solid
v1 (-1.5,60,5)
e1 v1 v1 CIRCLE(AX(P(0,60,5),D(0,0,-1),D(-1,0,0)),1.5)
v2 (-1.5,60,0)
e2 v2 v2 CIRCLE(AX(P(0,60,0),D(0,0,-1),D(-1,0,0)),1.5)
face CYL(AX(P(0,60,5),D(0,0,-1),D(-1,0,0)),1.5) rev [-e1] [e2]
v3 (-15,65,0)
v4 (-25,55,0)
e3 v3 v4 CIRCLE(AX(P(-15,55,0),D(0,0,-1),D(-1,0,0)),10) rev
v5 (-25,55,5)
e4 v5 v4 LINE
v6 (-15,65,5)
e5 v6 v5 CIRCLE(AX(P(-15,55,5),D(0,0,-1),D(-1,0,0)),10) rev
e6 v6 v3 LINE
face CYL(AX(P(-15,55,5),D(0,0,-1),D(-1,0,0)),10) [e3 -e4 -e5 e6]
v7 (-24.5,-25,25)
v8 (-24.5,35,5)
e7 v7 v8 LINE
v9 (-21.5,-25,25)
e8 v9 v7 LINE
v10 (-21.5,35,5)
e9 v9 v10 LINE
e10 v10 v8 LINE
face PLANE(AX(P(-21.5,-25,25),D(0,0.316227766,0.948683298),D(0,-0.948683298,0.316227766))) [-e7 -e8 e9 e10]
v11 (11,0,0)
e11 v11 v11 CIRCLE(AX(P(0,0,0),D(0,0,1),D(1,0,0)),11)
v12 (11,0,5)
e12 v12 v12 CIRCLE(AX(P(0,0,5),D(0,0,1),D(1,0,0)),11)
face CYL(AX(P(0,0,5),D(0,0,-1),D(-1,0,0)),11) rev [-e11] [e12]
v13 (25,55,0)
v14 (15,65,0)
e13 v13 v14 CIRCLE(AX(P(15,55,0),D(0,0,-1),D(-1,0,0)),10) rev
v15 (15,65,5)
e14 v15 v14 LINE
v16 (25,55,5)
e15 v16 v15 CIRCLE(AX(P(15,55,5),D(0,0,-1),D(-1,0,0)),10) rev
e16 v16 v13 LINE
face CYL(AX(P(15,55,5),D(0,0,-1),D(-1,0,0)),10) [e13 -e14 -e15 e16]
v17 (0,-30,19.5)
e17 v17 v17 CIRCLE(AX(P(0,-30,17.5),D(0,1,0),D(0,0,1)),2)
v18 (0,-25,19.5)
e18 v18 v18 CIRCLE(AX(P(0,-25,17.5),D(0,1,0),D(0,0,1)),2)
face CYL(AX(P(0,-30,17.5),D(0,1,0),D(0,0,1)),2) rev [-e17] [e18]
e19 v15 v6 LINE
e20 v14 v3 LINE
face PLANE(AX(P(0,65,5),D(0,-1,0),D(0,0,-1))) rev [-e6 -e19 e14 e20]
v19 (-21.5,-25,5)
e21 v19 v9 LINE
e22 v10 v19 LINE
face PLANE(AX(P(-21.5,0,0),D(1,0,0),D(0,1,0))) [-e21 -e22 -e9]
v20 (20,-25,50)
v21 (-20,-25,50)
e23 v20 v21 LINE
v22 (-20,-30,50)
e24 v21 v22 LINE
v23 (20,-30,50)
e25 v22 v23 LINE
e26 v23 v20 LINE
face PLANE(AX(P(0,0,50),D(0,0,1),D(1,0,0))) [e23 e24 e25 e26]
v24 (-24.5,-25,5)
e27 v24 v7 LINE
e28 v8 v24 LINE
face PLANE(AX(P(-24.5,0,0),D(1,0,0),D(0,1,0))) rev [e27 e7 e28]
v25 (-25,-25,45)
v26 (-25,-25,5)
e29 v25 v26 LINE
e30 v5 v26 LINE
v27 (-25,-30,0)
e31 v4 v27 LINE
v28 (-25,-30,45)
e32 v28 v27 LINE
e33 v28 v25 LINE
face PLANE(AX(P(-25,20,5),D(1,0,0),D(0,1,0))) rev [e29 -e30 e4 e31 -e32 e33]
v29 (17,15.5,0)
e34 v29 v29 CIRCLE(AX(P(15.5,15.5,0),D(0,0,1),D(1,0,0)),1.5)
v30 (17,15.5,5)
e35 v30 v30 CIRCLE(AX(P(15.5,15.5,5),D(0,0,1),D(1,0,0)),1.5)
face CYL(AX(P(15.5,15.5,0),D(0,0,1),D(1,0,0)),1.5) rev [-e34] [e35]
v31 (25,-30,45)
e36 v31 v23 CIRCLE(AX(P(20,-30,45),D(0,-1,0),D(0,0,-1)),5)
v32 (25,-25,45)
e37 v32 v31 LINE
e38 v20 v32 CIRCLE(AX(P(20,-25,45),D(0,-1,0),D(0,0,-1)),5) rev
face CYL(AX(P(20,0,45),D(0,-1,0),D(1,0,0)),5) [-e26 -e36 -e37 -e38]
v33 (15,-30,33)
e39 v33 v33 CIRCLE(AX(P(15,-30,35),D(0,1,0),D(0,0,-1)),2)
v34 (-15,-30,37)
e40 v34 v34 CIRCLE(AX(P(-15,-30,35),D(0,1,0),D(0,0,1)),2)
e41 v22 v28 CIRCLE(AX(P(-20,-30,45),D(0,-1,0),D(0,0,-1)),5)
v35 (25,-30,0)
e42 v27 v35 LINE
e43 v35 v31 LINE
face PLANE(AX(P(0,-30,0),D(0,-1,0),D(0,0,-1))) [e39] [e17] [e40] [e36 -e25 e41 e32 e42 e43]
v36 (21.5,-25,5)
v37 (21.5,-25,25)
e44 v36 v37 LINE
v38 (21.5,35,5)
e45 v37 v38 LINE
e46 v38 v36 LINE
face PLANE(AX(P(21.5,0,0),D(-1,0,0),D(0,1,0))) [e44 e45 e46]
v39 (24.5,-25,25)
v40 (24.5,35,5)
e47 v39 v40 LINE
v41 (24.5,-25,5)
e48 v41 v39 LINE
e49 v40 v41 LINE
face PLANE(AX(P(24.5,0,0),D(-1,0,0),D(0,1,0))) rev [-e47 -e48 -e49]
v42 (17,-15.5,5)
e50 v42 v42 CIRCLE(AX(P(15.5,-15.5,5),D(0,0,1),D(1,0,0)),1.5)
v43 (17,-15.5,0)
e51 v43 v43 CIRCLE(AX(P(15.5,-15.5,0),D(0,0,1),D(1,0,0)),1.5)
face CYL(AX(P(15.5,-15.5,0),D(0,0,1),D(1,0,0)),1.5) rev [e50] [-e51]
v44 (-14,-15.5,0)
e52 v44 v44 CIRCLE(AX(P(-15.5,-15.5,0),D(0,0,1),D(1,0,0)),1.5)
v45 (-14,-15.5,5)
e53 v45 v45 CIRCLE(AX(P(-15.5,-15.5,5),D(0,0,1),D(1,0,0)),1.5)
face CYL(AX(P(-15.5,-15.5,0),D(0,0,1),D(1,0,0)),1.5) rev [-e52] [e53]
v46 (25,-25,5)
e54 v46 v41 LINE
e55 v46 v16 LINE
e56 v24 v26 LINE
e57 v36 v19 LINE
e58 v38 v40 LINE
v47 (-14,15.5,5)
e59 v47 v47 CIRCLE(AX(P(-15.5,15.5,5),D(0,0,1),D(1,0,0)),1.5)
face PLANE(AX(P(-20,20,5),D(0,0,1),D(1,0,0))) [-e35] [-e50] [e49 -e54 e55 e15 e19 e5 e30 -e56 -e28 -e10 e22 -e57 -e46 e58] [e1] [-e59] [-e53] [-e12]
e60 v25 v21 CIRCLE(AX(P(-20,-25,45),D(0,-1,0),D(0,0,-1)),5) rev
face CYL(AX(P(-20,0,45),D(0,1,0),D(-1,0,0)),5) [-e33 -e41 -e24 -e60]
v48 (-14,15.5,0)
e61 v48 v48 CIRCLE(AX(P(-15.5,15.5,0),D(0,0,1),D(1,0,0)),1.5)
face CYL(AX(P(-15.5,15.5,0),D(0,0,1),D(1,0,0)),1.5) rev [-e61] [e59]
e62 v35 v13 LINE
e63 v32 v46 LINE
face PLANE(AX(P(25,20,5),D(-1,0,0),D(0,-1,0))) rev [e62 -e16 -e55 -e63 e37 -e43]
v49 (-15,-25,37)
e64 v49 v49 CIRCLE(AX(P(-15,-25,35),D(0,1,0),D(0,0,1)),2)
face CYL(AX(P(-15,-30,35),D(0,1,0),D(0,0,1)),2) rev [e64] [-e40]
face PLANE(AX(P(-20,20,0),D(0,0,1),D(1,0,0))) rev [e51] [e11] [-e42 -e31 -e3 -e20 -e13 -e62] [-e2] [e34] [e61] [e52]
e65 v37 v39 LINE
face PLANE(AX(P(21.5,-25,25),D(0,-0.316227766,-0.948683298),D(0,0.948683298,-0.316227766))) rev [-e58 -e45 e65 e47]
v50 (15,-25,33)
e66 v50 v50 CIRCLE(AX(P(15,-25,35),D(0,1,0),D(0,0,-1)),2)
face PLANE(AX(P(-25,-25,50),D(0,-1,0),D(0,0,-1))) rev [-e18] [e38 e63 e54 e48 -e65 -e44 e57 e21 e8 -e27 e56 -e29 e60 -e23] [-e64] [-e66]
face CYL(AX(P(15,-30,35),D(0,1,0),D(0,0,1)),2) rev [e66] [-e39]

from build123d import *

# Parameters (mm, degrees)
ESQUISSE1_R             = 11
BOSS_EXTRU_2_DEPTH      = 5
ESQUISSE3_W             = 50
ESQUISSE3_H             = 5
BOSS_EXTRU_4_DEPTH      = 5
ESQUISSE2_W             = 50
ESQUISSE2_H             = 5
BOSS_EXTRU_3_DEPTH      = 45
ESQUISSE4_R             = 1.5
ENL_V_MAT_EXTRU_1_DEPTH = 60.581876439
CONG_1_R                = 5
ESQUISSE5_R             = 1.5
ESQUISSE5_R_2           = 11
BOSS_EXTRU_5_DEPTH      = 5
BOSS_EXTRU_6_START      = -0.5
BOSS_EXTRU_6_DEPTH      = 3
ESQUISSE9_R             = 2
ENL_V_MAT_EXTRU_3_DEPTH = 106.948100502


with BuildPart() as part:
    # Esquisse1 → Boss.-Extru.2 (new body)
    with BuildSketch(Plane.XY):
        with BuildLine():
            Line((-20, 25), (20, 25))
            ThreePointArc((20, 25), (23.535533906, 23.535533906), (25, 20))
            Line((25, 20), (25, -25))
            Line((25, -25), (-25, -25))
            Line((-25, -25), (-25, 20))
            ThreePointArc((-25, 20), (-23.535533906, 23.535533906), (-20, 25))
        make_face()
        Circle(ESQUISSE1_R, mode=Mode.SUBTRACT)
    extrude(amount=BOSS_EXTRU_2_DEPTH)

    # Esquisse3 → Boss.-Extru.4 (add)
    with BuildSketch(Plane.XZ.offset(25)):
        with Locations((0, 2.5)):
            Rectangle(ESQUISSE3_W, ESQUISSE3_H)
    extrude(amount=BOSS_EXTRU_4_DEPTH)

    # Esquisse2 → Boss.-Extru.3 (add)
    with BuildSketch(Plane.XY.offset(5)):
        with Locations((0, -27.5)):
            Rectangle(ESQUISSE2_W, ESQUISSE2_H)
    extrude(amount=BOSS_EXTRU_3_DEPTH)

    # Esquisse4 → Enlèv. mat.-Extru.1 (cut, through all)
    with BuildSketch(Plane.XY.offset(5)):
        with Locations((-15.5, 15.5)):
            Circle(ESQUISSE4_R)
        with Locations((15.5, 15.5)):
            Circle(ESQUISSE4_R)
        with Locations((15.5, -15.5)):
            Circle(ESQUISSE4_R)
        with Locations((-15.5, -15.5)):
            Circle(ESQUISSE4_R)
    extrude(amount=-ENL_V_MAT_EXTRU_1_DEPTH, mode=Mode.SUBTRACT)

    # Congé1
    cong_1_edges = [part.edges().sort_by_distance(p)[0] for p in [
        (25, -27.5, 50),
        (-25, -27.5, 50),
    ]]
    fillet(cong_1_edges, radius=CONG_1_R)

    # Esquisse5 → Boss.-Extru.5 (add)
    # profile 1 of 3: a face of its own
    with BuildSketch(Plane(origin=(0, 0, 0), x_dir=(-1, 0, 0), z_dir=(0, 0, -1))):
        with BuildLine():
            ThreePointArc((-20, 25), (-23.535533906, 23.535533906), (-25, 20))
            Line((-25, 20), (-25, -30))
            Line((-25, -30), (25, -30))
            Line((25, -30), (25, 20))
            ThreePointArc((25, 20), (23.535533906, 23.535533906), (20, 25))
            Line((20, 25), (-20, 25))
        make_face()
        with Locations(Location((-15.5, -15.5, 0), (0, 0, 180))):
            Circle(ESQUISSE5_R, mode=Mode.SUBTRACT)
        with Locations(Location((-15.5, 15.5, 0), (0, 0, 180))):
            Circle(ESQUISSE5_R, mode=Mode.SUBTRACT)
        with Locations(Location((0, 0, 0), (0, 0, 180))):
            Circle(ESQUISSE5_R_2, mode=Mode.SUBTRACT)
        with Locations(Location((15.5, -15.5, 0), (0, 0, 180))):
            Circle(ESQUISSE5_R, mode=Mode.SUBTRACT)
        with Locations(Location((15.5, 15.5, 0), (0, 0, 180))):
            Circle(ESQUISSE5_R, mode=Mode.SUBTRACT)
    # profile 2 of 3: a face of its own
    with BuildSketch(Plane(origin=(0, 0, 0), x_dir=(-1, 0, 0), z_dir=(0, 0, -1))):
        with BuildLine():
            Line((-25, 55), (-25, 20))
            ThreePointArc((-25, 20), (-23.535533906, 23.535533906), (-20, 25))
            Line((-20, 25), (20, 25))
            ThreePointArc((20, 25), (23.535533906, 23.535533906), (25, 20))
            Line((25, 20), (25, 55))
            ThreePointArc((25, 55), (22.071067812, 62.071067812), (15, 65))
            Line((15, 65), (-15, 65))
            ThreePointArc((-15, 65), (-22.071067812, 62.071067812), (-25, 55))
        make_face()
        with Locations((0, 60)):
            Circle(ESQUISSE5_R, mode=Mode.SUBTRACT)
    # profile 3 of 3: a face of its own
    with BuildSketch(Plane(origin=(0, 0, 0), x_dir=(-1, 0, 0), z_dir=(0, 0, -1))):
        with BuildLine():
            ThreePointArc((-20, 25), (-23.535533906, 23.535533906), (-25, 20))
            Line((-25, 20), (-25, -30))
            Line((-25, -30), (25, -30))
            Line((25, -30), (25, 20))
            ThreePointArc((25, 20), (23.535533906, 23.535533906), (20, 25))
            Line((20, 25), (-20, 25))
        make_face()
        with Locations(Location((-15.5, -15.5, 0), (0, 0, 180))):
            Circle(ESQUISSE5_R, mode=Mode.SUBTRACT)
        with Locations(Location((-15.5, 15.5, 0), (0, 0, 180))):
            Circle(ESQUISSE5_R, mode=Mode.SUBTRACT)
        with Locations(Location((0, 0, 0), (0, 0, 180))):
            Circle(ESQUISSE5_R_2, mode=Mode.SUBTRACT)
        with Locations(Location((15.5, -15.5, 0), (0, 0, 180))):
            Circle(ESQUISSE5_R, mode=Mode.SUBTRACT)
        with Locations(Location((15.5, 15.5, 0), (0, 0, 180))):
            Circle(ESQUISSE5_R, mode=Mode.SUBTRACT)
    extrude(amount=-BOSS_EXTRU_5_DEPTH)

    # Esquisse7 → Boss.-Extru.6 (add)
    with BuildSketch(Plane.ZY.offset(25).offset(BOSS_EXTRU_6_START)):
        Polygon((25, -25), (5, 35), (5, -25), align=None)
    boss_extru_6 = extrude(amount=-BOSS_EXTRU_6_DEPTH)

    # Symétrie1: Boss.-Extru.6 across plane
    add(boss_extru_6.mirror(Plane(origin=(0, 0, 0), x_dir=(0, 0, 1), z_dir=(1, 0, 0))))

    # Esquisse9 → Enlèv. mat.-Extru.3 (cut, through all)
    with BuildSketch(Plane(origin=(0, -25, 0), x_dir=(1, 0, 0), z_dir=(0, 1, 0))):
        with Locations(Location((-15, -35, 0), (0, 0, 270))):
            Circle(ESQUISSE9_R)
        with Locations(Location((15, -35, 0), (0, 0, 90))):
            Circle(ESQUISSE9_R)
        with Locations(Location((0, -17.5, 0), (0, 0, 270))):
            Circle(ESQUISSE9_R)
    extrude(amount=-ENL_V_MAT_EXTRU_3_DEPTH, mode=Mode.SUBTRACT)


solid = part.part
